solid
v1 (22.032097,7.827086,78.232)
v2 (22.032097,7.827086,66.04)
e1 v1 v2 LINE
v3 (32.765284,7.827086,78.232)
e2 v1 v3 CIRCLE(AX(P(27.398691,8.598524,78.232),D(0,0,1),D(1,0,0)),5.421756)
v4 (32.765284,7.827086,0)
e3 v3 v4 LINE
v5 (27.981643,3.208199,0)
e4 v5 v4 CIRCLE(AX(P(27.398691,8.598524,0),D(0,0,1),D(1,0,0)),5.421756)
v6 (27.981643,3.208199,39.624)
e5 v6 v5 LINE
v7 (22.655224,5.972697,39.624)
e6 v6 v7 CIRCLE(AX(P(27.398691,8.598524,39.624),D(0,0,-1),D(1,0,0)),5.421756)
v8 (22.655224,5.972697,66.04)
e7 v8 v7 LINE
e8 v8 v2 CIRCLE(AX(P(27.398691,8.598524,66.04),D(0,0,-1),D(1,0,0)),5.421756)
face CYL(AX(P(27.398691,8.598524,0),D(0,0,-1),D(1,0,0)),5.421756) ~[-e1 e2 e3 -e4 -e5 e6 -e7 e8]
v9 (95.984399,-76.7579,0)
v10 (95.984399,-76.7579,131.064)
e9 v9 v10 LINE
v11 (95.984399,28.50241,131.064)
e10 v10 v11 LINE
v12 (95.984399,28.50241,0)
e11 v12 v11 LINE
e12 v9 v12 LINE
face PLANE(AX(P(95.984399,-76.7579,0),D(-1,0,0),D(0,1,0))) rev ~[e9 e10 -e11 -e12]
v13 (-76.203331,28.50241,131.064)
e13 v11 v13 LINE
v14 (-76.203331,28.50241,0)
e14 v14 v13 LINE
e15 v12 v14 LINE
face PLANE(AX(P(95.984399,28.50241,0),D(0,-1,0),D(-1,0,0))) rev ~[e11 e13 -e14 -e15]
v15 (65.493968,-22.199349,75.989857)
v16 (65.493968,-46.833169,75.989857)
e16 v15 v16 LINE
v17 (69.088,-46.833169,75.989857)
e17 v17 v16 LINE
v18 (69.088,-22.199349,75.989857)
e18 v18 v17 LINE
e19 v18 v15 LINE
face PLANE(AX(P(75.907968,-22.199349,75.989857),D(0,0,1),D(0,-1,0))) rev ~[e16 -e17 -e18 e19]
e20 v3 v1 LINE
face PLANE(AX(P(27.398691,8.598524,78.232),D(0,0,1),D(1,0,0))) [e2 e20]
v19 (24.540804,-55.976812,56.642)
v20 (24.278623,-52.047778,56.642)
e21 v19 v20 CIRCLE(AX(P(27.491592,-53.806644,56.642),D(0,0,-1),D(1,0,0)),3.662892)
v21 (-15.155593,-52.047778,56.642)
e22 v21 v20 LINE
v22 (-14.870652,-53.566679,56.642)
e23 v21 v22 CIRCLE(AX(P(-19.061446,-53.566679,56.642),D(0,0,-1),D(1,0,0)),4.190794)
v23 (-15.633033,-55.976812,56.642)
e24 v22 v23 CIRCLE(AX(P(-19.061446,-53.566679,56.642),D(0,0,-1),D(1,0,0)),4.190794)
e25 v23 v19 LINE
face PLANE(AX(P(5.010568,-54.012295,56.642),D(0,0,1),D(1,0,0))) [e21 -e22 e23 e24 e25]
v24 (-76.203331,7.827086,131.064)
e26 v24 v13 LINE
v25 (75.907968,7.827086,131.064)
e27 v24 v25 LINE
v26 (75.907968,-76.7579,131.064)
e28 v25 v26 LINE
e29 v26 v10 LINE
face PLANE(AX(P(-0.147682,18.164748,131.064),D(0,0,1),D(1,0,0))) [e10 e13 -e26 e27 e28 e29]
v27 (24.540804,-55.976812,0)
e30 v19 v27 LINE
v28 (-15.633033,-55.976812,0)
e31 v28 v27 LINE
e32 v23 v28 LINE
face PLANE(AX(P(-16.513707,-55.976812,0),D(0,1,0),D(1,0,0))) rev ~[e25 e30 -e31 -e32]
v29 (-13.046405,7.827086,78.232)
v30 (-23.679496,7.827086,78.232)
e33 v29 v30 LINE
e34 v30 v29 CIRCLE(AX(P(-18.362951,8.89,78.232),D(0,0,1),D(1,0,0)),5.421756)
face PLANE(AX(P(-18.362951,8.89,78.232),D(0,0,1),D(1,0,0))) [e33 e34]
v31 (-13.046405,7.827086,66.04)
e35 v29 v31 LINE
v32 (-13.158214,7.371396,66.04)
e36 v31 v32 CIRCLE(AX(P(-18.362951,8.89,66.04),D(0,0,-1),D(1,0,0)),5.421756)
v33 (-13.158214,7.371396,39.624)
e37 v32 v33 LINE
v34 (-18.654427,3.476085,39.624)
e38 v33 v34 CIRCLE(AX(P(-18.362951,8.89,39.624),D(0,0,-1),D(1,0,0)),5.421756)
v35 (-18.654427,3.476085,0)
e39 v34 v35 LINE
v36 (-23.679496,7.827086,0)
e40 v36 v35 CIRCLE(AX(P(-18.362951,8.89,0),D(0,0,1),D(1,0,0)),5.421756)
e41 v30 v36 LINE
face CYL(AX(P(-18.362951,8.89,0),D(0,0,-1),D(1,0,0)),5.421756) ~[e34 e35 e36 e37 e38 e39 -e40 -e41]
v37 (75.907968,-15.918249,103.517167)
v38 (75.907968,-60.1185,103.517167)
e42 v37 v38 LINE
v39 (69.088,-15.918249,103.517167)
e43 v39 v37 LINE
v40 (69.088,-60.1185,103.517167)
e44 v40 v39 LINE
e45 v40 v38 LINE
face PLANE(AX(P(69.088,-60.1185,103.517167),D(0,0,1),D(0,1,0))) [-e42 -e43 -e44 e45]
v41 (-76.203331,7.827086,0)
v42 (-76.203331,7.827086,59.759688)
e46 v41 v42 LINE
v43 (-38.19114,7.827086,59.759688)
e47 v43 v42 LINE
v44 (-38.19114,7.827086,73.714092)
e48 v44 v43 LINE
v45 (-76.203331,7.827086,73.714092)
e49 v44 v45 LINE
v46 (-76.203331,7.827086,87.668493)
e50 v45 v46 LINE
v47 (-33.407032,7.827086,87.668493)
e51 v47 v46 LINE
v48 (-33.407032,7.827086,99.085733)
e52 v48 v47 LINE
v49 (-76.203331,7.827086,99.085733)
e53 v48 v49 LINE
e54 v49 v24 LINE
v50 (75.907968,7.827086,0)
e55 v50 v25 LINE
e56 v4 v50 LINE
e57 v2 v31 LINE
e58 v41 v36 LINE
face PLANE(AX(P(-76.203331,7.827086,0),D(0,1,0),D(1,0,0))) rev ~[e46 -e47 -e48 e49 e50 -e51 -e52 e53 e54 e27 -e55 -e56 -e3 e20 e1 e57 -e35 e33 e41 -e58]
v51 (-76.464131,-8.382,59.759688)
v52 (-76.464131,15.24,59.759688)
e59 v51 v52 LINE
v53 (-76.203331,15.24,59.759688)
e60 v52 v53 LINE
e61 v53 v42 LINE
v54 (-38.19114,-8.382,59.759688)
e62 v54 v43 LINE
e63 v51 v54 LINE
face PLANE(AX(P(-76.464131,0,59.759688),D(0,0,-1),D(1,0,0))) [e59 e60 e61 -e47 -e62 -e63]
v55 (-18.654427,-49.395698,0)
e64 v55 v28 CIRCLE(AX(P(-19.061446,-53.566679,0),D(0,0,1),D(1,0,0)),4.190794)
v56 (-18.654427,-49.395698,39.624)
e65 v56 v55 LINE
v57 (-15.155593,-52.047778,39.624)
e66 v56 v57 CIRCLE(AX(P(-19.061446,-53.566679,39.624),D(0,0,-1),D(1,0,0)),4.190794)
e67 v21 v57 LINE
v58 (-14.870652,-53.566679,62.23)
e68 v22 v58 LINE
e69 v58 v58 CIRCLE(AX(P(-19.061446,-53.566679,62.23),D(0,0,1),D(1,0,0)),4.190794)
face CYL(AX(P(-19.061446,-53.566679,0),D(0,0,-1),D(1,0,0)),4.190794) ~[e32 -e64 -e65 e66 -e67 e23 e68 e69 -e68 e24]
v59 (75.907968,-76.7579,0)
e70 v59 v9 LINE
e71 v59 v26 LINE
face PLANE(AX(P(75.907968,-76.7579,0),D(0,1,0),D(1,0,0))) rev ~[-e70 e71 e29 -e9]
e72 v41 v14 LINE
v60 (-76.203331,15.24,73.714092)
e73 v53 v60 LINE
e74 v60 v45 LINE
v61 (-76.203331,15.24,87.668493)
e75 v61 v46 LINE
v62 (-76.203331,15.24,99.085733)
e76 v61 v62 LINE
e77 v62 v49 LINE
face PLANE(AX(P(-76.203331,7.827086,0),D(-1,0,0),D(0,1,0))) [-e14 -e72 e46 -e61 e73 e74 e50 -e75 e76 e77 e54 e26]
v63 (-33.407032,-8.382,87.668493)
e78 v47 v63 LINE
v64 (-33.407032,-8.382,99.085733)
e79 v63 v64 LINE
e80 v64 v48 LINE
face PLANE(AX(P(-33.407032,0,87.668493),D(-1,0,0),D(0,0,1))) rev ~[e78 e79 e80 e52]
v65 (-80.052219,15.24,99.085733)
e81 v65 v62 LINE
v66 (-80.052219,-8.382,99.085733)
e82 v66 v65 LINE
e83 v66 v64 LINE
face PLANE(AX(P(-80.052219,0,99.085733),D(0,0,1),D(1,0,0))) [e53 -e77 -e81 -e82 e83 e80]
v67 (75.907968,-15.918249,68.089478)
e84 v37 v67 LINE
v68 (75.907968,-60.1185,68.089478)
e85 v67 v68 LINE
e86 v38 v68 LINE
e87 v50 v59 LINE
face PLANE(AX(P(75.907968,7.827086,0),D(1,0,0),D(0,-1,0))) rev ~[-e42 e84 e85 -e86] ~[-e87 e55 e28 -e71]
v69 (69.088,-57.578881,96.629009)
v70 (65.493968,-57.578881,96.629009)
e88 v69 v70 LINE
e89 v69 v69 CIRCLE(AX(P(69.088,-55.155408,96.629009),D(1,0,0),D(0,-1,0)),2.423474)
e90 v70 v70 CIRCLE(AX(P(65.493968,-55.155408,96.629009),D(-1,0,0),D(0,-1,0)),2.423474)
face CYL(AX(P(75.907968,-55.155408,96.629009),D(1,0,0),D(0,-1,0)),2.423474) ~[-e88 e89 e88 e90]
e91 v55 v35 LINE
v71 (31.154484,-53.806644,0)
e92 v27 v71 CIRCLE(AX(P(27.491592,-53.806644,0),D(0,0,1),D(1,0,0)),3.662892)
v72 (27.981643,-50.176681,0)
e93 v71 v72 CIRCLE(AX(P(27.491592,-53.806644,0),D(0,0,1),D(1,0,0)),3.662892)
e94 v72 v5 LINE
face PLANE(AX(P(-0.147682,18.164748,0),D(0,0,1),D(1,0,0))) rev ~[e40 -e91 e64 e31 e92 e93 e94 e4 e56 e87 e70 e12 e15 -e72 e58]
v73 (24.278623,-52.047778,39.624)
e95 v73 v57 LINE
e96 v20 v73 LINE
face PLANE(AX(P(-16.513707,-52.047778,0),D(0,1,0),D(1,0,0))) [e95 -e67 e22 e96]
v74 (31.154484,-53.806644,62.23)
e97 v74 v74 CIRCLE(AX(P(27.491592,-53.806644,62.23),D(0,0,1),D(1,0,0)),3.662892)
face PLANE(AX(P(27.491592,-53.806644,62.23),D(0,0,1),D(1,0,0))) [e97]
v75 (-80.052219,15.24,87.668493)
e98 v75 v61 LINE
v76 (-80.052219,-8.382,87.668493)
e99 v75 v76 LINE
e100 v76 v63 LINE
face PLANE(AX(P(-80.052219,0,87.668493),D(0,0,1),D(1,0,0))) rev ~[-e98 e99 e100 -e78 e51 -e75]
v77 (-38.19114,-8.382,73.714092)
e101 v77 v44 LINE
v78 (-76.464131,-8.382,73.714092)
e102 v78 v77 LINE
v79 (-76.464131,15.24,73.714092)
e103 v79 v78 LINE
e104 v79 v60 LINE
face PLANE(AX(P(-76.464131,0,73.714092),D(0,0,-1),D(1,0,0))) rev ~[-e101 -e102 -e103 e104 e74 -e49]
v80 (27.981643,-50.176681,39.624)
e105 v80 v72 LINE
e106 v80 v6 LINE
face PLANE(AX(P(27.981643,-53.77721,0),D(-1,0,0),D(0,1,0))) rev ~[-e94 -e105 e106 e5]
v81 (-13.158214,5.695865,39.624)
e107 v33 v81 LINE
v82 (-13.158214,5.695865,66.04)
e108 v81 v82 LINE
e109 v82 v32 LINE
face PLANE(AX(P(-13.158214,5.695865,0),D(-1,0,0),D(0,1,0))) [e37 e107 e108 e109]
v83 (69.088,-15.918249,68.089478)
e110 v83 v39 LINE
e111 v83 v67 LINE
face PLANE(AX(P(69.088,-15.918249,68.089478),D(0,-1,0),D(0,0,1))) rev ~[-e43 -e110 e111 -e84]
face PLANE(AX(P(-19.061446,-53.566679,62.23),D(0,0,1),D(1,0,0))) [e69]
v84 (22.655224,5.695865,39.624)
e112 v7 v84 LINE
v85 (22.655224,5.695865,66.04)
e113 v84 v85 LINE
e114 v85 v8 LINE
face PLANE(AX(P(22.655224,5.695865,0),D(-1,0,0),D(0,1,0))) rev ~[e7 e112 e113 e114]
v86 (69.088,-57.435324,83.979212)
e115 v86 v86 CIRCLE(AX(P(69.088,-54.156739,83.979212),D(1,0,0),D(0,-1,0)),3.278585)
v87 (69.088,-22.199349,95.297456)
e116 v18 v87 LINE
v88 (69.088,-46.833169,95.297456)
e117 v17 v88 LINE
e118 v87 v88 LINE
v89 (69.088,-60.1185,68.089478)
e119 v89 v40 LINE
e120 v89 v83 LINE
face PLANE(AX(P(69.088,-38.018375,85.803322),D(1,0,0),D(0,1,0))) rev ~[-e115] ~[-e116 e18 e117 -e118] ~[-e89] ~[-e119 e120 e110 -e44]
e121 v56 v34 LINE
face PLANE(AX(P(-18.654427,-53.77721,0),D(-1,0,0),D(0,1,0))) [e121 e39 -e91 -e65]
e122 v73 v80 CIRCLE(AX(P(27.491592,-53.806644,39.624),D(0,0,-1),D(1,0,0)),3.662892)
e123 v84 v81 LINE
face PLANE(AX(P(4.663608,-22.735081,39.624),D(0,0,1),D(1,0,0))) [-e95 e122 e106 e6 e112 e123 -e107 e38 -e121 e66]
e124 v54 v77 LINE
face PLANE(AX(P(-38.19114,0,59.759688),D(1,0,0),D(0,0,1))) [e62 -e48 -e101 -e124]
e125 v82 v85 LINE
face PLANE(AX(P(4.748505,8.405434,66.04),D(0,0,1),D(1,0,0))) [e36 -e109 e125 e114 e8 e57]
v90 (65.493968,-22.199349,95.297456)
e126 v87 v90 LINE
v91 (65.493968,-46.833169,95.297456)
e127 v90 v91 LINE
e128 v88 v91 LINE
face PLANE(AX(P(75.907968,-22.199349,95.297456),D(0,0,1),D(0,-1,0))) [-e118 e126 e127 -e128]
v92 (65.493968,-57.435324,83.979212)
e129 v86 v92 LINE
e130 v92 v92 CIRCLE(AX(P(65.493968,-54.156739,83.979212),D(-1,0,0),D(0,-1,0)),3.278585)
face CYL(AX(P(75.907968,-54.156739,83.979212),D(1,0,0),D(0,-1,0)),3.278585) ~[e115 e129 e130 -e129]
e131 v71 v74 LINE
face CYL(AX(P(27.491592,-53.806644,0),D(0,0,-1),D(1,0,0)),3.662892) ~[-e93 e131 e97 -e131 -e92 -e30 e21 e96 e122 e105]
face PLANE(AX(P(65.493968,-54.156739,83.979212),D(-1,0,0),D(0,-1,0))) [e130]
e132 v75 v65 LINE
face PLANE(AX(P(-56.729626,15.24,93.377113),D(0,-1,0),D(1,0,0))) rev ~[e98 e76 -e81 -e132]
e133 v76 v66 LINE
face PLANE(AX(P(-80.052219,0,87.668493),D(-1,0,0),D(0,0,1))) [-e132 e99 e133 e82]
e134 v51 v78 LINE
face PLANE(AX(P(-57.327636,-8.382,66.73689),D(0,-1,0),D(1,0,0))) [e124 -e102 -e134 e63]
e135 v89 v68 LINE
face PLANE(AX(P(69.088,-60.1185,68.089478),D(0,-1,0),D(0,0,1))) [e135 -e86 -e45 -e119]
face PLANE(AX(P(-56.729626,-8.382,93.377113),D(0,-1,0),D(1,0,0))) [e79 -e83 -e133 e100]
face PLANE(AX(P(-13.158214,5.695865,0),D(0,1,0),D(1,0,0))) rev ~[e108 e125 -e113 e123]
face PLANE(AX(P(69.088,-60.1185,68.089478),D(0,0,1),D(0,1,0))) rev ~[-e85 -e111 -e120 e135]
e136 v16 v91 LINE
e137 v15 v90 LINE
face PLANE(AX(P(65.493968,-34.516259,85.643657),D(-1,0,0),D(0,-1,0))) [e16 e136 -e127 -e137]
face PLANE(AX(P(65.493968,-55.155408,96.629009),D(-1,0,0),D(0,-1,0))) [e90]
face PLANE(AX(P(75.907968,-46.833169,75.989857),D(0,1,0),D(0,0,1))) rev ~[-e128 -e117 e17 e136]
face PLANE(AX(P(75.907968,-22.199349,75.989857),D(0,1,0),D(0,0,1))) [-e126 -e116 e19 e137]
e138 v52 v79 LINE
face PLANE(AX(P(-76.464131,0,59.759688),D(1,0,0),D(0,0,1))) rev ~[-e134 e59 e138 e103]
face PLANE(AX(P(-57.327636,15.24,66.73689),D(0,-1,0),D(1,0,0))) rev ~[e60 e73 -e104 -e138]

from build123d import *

# Parameters (mm, degrees)
F0_W           = 46.6360691935
F0_H           = 62.0842594653
F1_DEPTH       = 39.624
F2_R           = 5.4217561274
F3_DEPTH       = 78.232
F4_W           = 35.8134387061
F4_H           = 5.419138819
F5_DEPTH       = 66.04
F6_R           = 4.1907938762
F6_R_2         = 3.662891962
F7_DEPTH       = 62.23
F8_W           = 43.0485494435
F8_H           = 3.9290338755
F9_DEPTH       = 56.642
F10_W          = 152.111299336
F10_H          = 20.6753239036
F11_DEPTH      = 131.064
F12_W          = 46.6451868415
F12_H          = 11.4172399044
F12_W_2        = 38.2729917765
F12_H_2        = 13.9544047415
F13_DEPTH      = 15.24
F13_DEPTH_BACK = 8.382
F15_START      = 69.088
F14_W          = 44.2002508789
F14_H          = 35.4276895523
F15_DEPTH      = 26.67
F16_R          = 2.4234735376
F16_R_2        = 3.2785849657
F16_W          = 24.6338192374
F16_H          = 19.3075984716
F17_DEPTH      = 10.414


with BuildPart() as f1:
    # F0 (on Top) → F1 (new body)
    with BuildSketch(Plane.XY):
        with Locations((4.6636080369, -22.7350806817)):
            Rectangle(F0_W, F0_H)
    extrude(amount=F1_DEPTH)

    # F2 (on Top) → F3 (join)
    with BuildSketch(Plane.XY):
        with Locations((-18.3629505336, 8.890000172)):
            Circle(F2_R)
        with Locations((27.3986905813, 8.5985241458)):
            Circle(F2_R)
    extrude(amount=F3_DEPTH)

    # F4 (on Top) → F5 (join)
    with BuildSketch(Plane.XY):
        with Locations((4.7485050745, 8.4054339677)):
            Rectangle(F4_W, F4_H)
    extrude(amount=F5_DEPTH)

    # F6 (on Top) → F7 (join)
    with BuildSketch(Plane.XY):
        with Locations((-19.0614461899, -53.5666793585)):
            Circle(F6_R)
        with Locations((27.4915918708, -53.8066439331)):
            Circle(F6_R_2)
    extrude(amount=F7_DEPTH)

    # F8 (on Top) → F9 (join)
    with BuildSketch(Plane.XY):
        with Locations((5.0105676055, -54.0122948587)):
            Rectangle(F8_W, F8_H)
    extrude(amount=F9_DEPTH)

    # F10 (on Top) → F11 (join)
    with BuildSketch(Plane.XY):
        with Locations((-0.1476816833, 18.1647483259)):
            Rectangle(F10_W, F10_H)
        Polygon((95.9843993187, 28.5024102777), (75.9079679847, 28.5024102777), (75.9079679847, 7.8270863742), (75.9079679847, -76.7579004169), (95.9843993187, -76.7579004169), align=None)
    extrude(amount=F11_DEPTH)

    # F12 (on Front) → F13 (join, two sides)
    with BuildSketch(Plane.XZ) as f13_sk:
        with Locations((-56.7296259105, 93.3771133423)):
            Rectangle(F12_W, F12_H)
        with Locations((-57.3276355863, 66.7368900031)):
            Rectangle(F12_W_2, F12_H_2)
    extrude(amount=-F13_DEPTH)
    extrude(f13_sk.sketch, amount=F13_DEPTH_BACK)

    # F14 (on Right) → F15 (join)
    with BuildSketch(Plane.YZ.offset(F15_START)):
        with Locations((-38.0183747038, 85.803322494)):
            Rectangle(F14_W, F14_H)
    extrude(amount=F15_DEPTH)

    # F16 (on face) → F17 (join)
    with BuildSketch(Plane(origin=(75.9079679847, 0, 0), x_dir=(0, -1, 0), z_dir=(-1, 0, 0))):
        with Locations((55.1554076374, 96.6290086508)):
            Circle(F16_R)
        with Locations((54.1567392647, 83.9792117476)):
            Circle(F16_R_2)
        with Locations((34.5162590966, 85.6436565518)):
            Rectangle(F16_W, F16_H)
    extrude(amount=F17_DEPTH)


solid = f1.part
